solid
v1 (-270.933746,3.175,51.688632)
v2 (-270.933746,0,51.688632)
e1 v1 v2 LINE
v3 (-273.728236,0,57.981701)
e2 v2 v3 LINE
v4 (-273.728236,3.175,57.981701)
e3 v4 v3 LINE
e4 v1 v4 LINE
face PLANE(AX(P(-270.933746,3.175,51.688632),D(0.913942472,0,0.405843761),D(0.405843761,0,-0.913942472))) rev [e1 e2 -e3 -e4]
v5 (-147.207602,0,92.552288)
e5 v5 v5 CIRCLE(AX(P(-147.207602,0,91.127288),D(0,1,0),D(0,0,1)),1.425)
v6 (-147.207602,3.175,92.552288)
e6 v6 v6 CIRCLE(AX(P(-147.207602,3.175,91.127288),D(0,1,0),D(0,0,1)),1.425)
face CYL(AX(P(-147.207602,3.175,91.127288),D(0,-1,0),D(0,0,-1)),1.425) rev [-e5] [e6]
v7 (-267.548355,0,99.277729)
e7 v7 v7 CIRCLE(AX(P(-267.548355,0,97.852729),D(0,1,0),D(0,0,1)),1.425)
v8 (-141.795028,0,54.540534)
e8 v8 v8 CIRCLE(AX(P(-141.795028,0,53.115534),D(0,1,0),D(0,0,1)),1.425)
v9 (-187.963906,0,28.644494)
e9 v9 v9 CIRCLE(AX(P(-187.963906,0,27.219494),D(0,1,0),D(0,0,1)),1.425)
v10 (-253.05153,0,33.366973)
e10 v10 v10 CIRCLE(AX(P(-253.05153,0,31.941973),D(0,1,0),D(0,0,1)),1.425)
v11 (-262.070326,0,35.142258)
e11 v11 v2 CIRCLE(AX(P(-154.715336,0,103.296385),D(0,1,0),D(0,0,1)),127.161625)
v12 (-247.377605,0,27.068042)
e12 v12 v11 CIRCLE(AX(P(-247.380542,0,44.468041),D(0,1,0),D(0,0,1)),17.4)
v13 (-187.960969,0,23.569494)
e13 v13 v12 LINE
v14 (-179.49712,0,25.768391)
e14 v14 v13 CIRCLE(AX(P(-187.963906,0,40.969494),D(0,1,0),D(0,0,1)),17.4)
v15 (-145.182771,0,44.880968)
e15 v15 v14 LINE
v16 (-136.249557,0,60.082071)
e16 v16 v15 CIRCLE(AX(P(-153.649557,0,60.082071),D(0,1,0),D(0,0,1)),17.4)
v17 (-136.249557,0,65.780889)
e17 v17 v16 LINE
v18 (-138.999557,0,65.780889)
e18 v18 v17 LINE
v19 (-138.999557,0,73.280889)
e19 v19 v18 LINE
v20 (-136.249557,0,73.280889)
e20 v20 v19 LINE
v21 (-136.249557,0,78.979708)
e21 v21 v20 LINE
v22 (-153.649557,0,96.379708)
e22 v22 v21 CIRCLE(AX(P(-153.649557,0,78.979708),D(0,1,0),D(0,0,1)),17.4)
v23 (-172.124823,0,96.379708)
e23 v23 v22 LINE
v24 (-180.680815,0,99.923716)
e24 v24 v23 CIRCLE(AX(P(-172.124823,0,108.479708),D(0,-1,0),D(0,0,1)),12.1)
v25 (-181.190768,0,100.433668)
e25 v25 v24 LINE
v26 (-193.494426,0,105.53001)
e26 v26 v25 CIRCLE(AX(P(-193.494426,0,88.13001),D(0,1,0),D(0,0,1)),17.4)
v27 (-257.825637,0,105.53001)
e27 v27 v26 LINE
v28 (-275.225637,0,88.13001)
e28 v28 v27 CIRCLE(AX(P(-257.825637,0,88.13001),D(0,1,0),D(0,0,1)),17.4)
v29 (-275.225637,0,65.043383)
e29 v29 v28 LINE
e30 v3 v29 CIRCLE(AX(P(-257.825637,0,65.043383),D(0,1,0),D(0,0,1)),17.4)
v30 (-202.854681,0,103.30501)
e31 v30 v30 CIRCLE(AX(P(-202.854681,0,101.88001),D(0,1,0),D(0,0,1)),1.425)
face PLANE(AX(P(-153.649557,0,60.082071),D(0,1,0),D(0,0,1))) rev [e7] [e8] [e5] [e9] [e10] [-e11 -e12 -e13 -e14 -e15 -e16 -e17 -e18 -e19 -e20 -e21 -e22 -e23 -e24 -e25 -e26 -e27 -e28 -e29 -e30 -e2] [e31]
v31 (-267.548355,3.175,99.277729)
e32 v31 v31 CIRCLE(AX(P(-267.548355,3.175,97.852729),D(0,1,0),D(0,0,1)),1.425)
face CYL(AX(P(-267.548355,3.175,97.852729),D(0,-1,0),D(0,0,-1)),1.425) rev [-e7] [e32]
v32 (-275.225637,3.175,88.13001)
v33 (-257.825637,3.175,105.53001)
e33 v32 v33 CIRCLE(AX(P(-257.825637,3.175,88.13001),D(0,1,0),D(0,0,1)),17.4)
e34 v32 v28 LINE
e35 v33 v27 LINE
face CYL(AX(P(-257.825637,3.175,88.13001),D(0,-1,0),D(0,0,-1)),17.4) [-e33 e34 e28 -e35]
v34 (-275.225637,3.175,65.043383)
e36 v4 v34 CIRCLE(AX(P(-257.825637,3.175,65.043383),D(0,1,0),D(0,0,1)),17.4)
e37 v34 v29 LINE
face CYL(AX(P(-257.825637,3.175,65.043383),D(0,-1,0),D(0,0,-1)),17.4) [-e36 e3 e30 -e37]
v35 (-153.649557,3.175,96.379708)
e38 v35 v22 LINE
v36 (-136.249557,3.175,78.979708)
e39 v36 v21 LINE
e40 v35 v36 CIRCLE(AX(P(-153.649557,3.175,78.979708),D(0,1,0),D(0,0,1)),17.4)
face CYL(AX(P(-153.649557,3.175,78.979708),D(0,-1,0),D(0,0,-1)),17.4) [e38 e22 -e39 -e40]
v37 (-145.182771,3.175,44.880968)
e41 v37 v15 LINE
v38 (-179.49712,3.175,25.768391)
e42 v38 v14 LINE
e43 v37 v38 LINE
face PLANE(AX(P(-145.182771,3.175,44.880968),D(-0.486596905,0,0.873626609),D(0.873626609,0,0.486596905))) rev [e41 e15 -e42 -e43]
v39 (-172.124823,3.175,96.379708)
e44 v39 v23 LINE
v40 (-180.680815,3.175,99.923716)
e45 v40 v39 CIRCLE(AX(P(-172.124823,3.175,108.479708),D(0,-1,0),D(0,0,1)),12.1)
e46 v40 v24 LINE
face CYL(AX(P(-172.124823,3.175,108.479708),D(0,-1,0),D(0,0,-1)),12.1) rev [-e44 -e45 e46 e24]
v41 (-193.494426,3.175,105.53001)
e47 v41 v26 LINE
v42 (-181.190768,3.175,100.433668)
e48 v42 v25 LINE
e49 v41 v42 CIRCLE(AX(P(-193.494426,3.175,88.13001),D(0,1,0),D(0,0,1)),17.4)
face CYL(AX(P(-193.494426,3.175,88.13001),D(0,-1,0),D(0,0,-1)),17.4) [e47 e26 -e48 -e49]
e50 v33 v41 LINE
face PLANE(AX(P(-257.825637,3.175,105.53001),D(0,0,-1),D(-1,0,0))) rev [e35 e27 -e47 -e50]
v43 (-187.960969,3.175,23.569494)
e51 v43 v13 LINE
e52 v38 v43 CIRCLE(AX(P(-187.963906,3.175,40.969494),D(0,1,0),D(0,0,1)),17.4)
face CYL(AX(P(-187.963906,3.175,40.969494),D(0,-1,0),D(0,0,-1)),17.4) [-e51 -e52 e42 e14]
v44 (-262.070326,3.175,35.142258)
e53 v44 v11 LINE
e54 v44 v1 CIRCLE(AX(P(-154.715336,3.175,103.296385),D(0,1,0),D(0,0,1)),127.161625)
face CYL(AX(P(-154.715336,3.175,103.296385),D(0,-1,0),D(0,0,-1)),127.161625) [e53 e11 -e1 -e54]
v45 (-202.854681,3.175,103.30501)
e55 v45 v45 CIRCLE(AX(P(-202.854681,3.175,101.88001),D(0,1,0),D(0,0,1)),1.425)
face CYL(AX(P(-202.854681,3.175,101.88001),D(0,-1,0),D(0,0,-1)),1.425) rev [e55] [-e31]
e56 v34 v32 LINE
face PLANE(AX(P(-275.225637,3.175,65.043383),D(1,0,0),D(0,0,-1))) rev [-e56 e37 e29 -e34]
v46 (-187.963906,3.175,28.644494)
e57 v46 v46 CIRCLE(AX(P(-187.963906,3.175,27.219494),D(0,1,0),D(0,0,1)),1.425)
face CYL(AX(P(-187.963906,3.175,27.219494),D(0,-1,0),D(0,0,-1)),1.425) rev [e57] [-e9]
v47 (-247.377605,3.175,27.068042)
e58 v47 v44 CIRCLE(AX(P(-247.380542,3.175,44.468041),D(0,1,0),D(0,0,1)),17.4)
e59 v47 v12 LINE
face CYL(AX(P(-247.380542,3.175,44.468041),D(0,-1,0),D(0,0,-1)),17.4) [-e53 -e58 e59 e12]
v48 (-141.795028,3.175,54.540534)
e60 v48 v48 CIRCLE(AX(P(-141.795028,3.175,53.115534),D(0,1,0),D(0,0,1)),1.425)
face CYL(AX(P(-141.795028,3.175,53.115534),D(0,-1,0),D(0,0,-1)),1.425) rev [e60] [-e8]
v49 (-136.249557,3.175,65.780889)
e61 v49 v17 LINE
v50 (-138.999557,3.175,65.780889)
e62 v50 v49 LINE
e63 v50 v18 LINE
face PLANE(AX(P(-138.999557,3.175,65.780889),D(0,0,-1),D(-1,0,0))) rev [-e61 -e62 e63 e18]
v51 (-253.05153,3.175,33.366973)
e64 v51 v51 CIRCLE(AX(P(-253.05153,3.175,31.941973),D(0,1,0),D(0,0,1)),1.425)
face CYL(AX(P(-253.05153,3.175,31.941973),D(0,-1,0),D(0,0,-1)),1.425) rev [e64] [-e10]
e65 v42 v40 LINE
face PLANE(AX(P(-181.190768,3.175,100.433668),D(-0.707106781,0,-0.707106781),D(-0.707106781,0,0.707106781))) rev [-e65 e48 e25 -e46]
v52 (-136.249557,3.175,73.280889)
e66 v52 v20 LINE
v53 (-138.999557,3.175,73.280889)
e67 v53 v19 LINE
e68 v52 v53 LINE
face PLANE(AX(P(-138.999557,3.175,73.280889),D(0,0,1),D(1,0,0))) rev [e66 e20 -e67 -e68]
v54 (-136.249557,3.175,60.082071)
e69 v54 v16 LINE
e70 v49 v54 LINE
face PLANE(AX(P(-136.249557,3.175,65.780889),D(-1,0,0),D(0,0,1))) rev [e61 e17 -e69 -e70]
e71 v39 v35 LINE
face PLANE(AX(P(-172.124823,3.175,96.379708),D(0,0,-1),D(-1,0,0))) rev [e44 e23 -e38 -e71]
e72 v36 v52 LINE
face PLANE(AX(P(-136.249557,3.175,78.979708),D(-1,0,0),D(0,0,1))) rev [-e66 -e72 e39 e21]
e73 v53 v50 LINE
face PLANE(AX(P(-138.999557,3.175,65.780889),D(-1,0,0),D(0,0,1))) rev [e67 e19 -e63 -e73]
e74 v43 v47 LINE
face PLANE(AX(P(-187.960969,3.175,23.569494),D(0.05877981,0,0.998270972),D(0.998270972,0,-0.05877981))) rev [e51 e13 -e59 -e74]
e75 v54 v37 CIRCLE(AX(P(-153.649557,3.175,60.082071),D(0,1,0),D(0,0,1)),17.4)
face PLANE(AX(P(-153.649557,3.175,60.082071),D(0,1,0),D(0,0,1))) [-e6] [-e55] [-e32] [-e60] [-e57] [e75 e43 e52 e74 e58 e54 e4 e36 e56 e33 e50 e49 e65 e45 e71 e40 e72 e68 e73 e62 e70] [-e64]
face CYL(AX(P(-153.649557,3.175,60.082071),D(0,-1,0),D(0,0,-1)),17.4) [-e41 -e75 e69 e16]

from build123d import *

# Parameters (mm, degrees)
SKETCH2_R           = 1.425
BOSS_EXTRUDE1_DEPTH = 3.175


with BuildPart() as part:
    # Sketch2 → Boss-Extrude1 (new body)
    with BuildSketch(Plane(origin=(0, 0, 0), x_dir=(1, 0, 0), z_dir=(0, 1, 0))):
        with BuildLine():
            Line((-145.18277075, -44.880968233), (-179.497120097, -25.768390824))
            ThreePointArc((-179.497120097, -25.768390824), (-183.588653035, -24.128556812), (-187.960968922, -23.569494069))
            Line((-187.960968922, -23.569494069), (-247.377604545, -27.068041697))
            ThreePointArc((-247.377604545, -27.068041697), (-255.760524502, -29.218913898), (-262.07032604, -35.142257782))
            ThreePointArc((-262.07032604, -35.142257782), (-266.807761783, -43.251676507), (-270.933745897, -51.688632391))
            Line((-270.933745897, -51.688632391), (-273.728235609, -57.981701498))
            ThreePointArc((-273.728235609, -57.981701498), (-274.847170355, -61.434035543), (-275.2256366, -65.043382939))
            Line((-275.2256366, -65.043382939), (-275.2256366, -88.130010281))
            ThreePointArc((-275.2256366, -88.130010281), (-270.129294593, -100.433668273), (-257.8256366, -105.530010281))
            Line((-257.8256366, -105.530010281), (-193.494425739, -105.530010281))
            ThreePointArc((-193.494425739, -105.530010281), (-186.835734016, -104.205514146), (-181.190767747, -100.433668273))
            Line((-181.190767747, -100.433668273), (-180.680815133, -99.923715659))
            ThreePointArc((-180.680815133, -99.923715659), (-176.755292612, -97.300765368), (-172.12482308, -96.379707712))
            Line((-172.12482308, -96.379707712), (-153.649556898, -96.379707712))
            ThreePointArc((-153.649556898, -96.379707712), (-141.345898905, -91.283365704), (-136.249556898, -78.979707712))
            Line((-136.249556898, -78.979707712), (-136.249556898, -73.280889471))
            Line((-136.249556898, -73.280889471), (-138.999556898, -73.280889471))
            Line((-138.999556898, -73.280889471), (-138.999556898, -65.780889471))
            Line((-138.999556898, -65.780889471), (-136.249556898, -65.780889471))
            Line((-136.249556898, -65.780889471), (-136.249556898, -60.08207123))
            ThreePointArc((-136.249556898, -60.08207123), (-138.648188978, -51.266235449), (-145.18277075, -44.880968233))
        make_face()
        with Locations(Location((-147.207602145, -91.127288498, 0), (0, 0, 270))):
            Circle(SKETCH2_R, mode=Mode.SUBTRACT)
        with Locations(Location((-141.795027651, -53.115534334, 0), (0, 0, 270))):
            Circle(SKETCH2_R, mode=Mode.SUBTRACT)
        with Locations(Location((-187.963906245, -27.219493821, 0), (0, 0, 270))):
            Circle(SKETCH2_R, mode=Mode.SUBTRACT)
        with Locations(Location((-253.051529835, -31.941972813, 0), (0, 0, 270))):
            Circle(SKETCH2_R, mode=Mode.SUBTRACT)
        with Locations(Location((-267.548354841, -97.852728522, 0), (0, 0, 270))):
            Circle(SKETCH2_R, mode=Mode.SUBTRACT)
        with Locations(Location((-202.85468144, -101.880010281, 0), (0, 0, 270))):
            Circle(SKETCH2_R, mode=Mode.SUBTRACT)
    extrude(amount=BOSS_EXTRUDE1_DEPTH)


solid = part.part
